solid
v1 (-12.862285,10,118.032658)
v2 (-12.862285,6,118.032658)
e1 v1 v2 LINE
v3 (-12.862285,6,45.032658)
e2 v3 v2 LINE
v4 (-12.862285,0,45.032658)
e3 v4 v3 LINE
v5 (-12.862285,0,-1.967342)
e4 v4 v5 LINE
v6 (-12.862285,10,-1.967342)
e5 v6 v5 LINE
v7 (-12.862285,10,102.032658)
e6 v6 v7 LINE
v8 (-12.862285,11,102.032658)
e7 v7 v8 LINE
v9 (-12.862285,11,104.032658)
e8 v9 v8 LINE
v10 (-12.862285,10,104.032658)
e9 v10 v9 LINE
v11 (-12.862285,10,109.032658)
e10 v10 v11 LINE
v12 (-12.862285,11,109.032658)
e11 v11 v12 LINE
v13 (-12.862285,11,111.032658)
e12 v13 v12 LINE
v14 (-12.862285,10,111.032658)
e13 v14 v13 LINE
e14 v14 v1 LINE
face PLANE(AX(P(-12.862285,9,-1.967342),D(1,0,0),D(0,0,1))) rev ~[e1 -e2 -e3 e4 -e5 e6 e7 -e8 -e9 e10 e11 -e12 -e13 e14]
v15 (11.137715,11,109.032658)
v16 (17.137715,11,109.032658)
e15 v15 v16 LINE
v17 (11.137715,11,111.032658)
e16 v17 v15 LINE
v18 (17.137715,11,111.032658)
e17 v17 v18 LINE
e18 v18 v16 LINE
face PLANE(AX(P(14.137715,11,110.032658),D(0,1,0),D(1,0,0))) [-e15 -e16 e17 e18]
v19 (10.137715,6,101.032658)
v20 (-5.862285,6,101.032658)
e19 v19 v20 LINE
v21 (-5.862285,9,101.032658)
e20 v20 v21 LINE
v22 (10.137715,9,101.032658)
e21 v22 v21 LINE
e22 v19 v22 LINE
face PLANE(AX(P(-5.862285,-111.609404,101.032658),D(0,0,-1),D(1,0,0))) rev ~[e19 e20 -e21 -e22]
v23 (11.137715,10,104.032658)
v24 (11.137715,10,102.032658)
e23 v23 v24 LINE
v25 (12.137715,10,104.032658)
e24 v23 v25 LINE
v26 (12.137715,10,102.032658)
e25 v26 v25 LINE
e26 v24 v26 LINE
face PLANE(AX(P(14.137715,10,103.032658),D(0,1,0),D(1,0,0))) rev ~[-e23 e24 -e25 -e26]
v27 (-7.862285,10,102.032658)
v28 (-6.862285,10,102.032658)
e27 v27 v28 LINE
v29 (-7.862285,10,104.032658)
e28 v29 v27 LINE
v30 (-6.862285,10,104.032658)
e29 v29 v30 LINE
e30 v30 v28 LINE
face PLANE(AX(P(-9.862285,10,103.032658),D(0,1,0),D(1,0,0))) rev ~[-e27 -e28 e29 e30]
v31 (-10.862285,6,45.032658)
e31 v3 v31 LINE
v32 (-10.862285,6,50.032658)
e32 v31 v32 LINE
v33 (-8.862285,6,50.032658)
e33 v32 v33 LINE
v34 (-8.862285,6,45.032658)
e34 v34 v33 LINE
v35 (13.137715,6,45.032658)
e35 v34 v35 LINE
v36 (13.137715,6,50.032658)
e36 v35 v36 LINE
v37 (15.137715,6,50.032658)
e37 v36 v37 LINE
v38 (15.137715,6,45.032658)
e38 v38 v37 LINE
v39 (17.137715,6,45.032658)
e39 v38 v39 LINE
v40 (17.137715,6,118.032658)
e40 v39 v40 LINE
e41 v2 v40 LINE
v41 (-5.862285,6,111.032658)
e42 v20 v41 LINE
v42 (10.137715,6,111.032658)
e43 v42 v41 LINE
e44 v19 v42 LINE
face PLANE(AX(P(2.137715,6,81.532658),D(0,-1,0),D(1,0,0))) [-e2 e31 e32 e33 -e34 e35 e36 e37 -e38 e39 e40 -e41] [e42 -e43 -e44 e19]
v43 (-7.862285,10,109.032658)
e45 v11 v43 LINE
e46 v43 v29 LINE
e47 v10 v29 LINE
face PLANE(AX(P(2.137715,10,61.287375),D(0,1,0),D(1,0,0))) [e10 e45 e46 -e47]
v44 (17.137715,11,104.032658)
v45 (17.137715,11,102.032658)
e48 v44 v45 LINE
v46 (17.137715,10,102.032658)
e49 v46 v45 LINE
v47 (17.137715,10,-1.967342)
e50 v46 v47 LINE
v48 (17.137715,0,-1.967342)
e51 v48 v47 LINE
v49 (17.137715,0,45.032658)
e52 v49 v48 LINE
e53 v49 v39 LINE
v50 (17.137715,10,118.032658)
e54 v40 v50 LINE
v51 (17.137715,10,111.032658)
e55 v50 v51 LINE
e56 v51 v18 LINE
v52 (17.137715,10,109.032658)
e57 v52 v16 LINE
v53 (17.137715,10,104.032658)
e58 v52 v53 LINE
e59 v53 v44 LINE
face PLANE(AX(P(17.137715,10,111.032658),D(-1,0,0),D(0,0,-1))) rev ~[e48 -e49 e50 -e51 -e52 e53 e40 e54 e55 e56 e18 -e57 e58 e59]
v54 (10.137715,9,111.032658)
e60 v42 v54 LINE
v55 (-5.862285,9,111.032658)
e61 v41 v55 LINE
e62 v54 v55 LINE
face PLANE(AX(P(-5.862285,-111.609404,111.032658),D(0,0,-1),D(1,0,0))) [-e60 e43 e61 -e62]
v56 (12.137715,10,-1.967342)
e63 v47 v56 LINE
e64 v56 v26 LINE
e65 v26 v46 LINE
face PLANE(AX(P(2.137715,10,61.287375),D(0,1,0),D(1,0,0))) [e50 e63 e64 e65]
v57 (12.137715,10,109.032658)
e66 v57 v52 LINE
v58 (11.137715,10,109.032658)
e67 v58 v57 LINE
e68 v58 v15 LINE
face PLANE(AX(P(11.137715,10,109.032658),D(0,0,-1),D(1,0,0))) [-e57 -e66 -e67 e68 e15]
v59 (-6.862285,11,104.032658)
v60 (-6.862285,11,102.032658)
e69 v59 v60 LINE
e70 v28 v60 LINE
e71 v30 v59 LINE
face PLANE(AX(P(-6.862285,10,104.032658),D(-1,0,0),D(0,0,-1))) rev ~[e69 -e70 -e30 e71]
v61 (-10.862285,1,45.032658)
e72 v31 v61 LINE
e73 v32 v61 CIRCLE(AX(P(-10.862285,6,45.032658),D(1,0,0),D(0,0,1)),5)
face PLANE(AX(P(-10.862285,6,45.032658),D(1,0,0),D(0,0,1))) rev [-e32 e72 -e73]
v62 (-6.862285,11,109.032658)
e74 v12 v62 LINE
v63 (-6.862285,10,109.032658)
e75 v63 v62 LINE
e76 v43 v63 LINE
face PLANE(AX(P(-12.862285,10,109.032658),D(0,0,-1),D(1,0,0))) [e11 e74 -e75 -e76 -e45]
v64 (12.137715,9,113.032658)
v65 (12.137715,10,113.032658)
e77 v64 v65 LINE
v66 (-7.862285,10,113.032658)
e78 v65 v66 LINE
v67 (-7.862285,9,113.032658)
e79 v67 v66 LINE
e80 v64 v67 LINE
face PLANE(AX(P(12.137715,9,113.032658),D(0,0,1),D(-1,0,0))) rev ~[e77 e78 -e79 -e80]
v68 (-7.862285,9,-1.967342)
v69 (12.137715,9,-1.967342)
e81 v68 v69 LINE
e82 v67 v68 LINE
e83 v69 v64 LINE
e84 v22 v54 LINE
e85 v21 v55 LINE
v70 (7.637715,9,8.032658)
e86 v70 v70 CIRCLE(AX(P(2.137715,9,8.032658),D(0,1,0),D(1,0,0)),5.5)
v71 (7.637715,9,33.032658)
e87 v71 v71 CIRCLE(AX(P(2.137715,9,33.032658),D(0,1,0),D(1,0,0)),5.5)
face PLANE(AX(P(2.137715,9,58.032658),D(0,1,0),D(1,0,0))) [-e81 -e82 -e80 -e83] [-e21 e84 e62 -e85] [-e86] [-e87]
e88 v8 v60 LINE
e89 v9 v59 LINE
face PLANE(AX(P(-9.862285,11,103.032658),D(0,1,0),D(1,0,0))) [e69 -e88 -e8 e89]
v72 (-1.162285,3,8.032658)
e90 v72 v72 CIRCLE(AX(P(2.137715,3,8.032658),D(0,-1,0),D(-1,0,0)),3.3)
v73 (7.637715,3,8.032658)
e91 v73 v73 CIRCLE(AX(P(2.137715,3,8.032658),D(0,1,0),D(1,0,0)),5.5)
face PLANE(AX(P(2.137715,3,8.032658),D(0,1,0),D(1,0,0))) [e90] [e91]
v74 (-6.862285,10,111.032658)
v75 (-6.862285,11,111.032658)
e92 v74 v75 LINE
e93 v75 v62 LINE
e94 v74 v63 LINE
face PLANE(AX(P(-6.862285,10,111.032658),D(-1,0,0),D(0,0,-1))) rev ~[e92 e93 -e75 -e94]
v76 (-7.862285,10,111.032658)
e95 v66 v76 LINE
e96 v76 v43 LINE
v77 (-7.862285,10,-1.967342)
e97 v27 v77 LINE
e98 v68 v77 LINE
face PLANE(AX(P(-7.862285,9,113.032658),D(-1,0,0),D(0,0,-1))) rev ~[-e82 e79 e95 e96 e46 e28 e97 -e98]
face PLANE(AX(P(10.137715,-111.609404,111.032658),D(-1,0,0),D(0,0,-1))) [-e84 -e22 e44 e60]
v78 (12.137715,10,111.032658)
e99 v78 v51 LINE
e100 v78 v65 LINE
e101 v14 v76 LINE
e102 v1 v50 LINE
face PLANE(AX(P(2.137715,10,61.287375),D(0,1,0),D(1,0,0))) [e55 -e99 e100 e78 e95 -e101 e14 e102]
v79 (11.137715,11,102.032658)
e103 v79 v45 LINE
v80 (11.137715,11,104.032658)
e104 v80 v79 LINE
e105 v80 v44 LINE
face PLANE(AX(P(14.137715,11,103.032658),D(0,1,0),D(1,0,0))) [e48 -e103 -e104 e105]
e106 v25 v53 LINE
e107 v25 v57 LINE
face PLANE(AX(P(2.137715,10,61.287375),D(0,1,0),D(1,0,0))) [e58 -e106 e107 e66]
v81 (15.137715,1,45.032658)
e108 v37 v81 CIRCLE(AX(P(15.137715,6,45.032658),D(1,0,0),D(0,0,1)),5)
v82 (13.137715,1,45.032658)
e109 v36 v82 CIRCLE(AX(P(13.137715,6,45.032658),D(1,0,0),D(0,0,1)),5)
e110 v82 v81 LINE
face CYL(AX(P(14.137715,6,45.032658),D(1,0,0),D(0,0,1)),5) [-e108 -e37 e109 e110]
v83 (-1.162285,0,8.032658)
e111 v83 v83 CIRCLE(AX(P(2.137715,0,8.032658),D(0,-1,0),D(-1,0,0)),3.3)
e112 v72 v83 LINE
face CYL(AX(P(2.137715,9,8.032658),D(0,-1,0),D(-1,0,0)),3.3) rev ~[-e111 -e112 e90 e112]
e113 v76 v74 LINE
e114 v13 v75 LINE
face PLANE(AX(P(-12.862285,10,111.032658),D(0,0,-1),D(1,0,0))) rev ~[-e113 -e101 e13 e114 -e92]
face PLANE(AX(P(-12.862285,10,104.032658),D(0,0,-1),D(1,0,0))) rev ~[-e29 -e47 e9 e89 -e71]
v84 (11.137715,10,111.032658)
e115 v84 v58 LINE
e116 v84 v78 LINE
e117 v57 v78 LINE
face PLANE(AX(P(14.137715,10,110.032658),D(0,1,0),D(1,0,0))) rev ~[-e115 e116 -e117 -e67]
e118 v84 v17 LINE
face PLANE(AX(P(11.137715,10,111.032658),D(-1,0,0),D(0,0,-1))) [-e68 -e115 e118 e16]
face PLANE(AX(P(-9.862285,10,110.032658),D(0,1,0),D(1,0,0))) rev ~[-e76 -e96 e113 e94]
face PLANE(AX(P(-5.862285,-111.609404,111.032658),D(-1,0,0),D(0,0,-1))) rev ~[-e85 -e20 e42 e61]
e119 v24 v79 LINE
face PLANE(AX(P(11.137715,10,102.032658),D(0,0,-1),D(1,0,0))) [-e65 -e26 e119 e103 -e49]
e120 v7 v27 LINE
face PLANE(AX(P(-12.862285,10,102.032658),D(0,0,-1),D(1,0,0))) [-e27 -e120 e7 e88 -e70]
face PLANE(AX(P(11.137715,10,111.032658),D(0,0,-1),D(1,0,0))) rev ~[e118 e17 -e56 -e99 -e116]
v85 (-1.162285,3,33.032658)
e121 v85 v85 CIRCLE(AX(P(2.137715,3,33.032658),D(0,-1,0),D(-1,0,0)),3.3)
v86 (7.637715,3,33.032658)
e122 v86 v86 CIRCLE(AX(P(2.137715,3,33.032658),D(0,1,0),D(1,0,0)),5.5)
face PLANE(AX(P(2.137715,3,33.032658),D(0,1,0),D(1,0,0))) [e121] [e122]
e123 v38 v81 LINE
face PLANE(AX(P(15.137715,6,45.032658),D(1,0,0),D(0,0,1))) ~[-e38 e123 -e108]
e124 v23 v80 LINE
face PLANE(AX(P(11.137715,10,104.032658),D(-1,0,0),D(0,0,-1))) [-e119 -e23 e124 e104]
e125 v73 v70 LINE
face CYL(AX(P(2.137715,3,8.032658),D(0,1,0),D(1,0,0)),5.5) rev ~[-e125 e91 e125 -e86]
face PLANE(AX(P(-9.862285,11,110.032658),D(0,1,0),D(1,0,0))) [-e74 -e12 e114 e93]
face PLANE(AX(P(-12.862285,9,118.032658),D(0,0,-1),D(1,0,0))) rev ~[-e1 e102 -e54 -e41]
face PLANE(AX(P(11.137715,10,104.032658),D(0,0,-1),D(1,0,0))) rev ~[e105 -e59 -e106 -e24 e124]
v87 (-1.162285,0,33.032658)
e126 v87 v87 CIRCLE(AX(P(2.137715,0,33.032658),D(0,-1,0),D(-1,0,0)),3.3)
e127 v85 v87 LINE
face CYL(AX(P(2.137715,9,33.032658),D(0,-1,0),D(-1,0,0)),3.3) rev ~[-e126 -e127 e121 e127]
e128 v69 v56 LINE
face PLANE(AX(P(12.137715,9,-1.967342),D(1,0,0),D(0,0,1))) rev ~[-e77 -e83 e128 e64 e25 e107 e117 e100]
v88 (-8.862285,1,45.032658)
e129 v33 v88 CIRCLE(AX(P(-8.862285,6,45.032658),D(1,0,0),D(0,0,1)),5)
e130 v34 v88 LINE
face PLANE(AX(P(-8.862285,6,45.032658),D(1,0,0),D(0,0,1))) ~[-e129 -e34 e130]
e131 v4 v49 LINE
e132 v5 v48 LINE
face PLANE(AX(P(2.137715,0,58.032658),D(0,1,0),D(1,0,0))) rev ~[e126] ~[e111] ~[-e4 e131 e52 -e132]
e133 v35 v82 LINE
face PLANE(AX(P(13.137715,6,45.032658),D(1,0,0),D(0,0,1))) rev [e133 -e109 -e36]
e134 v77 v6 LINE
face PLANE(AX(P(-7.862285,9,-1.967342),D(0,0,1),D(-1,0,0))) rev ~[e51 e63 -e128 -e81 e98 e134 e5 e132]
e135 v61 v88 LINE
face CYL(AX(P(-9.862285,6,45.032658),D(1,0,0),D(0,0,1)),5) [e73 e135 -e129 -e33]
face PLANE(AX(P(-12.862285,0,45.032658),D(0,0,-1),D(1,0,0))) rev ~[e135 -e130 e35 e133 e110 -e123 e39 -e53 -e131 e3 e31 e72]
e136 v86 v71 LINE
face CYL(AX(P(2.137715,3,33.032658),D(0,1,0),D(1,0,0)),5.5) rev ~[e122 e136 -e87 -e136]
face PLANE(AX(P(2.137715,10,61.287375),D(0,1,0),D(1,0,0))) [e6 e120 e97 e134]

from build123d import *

# Parameters (mm, degrees)
SKETCH1_W                                     = 30
SKETCH1_H                                     = 120
BOSS_EXTRUDE1_DEPTH                           = 9
BOSS_EXTRUDE2_DEPTH                           = 1
CBORE_FOR_M6_HEX_SOCKET_HEAD_CAP1_D           = 6.6
CBORE_FOR_M6_HEX_SOCKET_HEAD_CAP1_CBORE_D     = 11
CBORE_FOR_M6_HEX_SOCKET_HEAD_CAP1_CBORE_DEPTH = 6
SKETCH17_W                                    = 6
SKETCH17_H                                    = 2
BOSS_EXTRUDE3_DEPTH                           = 1
CUT_EXTRUDE11_DEPTH                           = 120.609404064
CUT_EXTRUDE11_DEPTH_BACK                      = 120.609404064
SKETCH18_W                                    = 16
SKETCH18_H                                    = 10
SKETCH19_W                                    = 30
SKETCH19_H                                    = 73
CUT_EXTRUDE12_DEPTH                           = 6
SKETCH20_W                                    = 2
SKETCH20_H                                    = 5
REVOLVE2_ANGLE                                = 90


with BuildPart() as part:
    # Sketch1 → Boss-Extrude1 (new body)
    with BuildSketch(Plane(origin=(0, 0, 0), x_dir=(1, 0, 0), z_dir=(0, 1, 0))):
        with Locations((2.137715261, -58.032657583)):
            Rectangle(SKETCH1_W, SKETCH1_H)
    extrude(amount=BOSS_EXTRUDE1_DEPTH)

    # Sketch2 → Boss-Extrude2 (add)
    with BuildSketch(Plane(origin=(0, 9, 0), x_dir=(1, 0, 0), z_dir=(0, 1, 0))):
        Polygon((-12.862284739, -118.032657583), (17.137715261, -118.032657583), (17.137715261, -68.032657583), (17.137715261, 1.967342417), (12.137715261, 1.967342417), (12.137715261, -113.032657583), (-7.862284739, -113.032657583), (-7.862284739, 1.967342417), (-12.862284739, 1.967342417), (-12.862284739, -73.032657583), align=None)
    extrude(amount=BOSS_EXTRUDE2_DEPTH)

    # CBORE for M6 Hex Socket Head Cap1 (through all)
    with Locations(Plane(origin=(0, 9, 0), x_dir=(1, 0, 0), z_dir=(0, 1, 0))):
        with Locations((2.137715261, -8.032657583), (2.137715261, -33.032657583)):
            CounterBoreHole(CBORE_FOR_M6_HEX_SOCKET_HEAD_CAP1_D / 2, CBORE_FOR_M6_HEX_SOCKET_HEAD_CAP1_CBORE_D / 2, CBORE_FOR_M6_HEX_SOCKET_HEAD_CAP1_CBORE_DEPTH)

    # Sketch17 → Boss-Extrude3 (add)
    with BuildSketch(Plane(origin=(0, 10, 0), x_dir=(1, 0, 0), z_dir=(0, 1, 0))):
        with Locations((14.137715261, -110.032657583)):
            Rectangle(SKETCH17_W, SKETCH17_H)
        with Locations((-9.862284739, -110.032657583)):
            Rectangle(SKETCH17_W, SKETCH17_H)
        with Locations((14.137715261, -103.032657583)):
            Rectangle(SKETCH17_W, SKETCH17_H)
        with Locations((-9.862284739, -103.032657583)):
            Rectangle(SKETCH17_W, SKETCH17_H)
    extrude(amount=BOSS_EXTRUDE3_DEPTH)

    # Sketch18 → Cut-Extrude11 (cut, two sides: drawn at the far end of the back side and taken through both)
    with BuildSketch(Plane(origin=(0, 9, 0), x_dir=(1, 0, 0), z_dir=(0, 1, 0)).offset(-CUT_EXTRUDE11_DEPTH_BACK)):
        with Locations((2.137715261, -106.032657583)):
            Rectangle(SKETCH18_W, SKETCH18_H)
    extrude(amount=CUT_EXTRUDE11_DEPTH + CUT_EXTRUDE11_DEPTH_BACK, mode=Mode.SUBTRACT)

    # Sketch19 → Cut-Extrude12 (cut)
    with BuildSketch(Plane.XZ):
        with Locations((2.137715261, 81.532657583)):
            Rectangle(SKETCH19_W, SKETCH19_H)
    extrude(amount=-CUT_EXTRUDE12_DEPTH, mode=Mode.SUBTRACT)

    # Sketch20 → Revolve2 (revolve)
    with BuildSketch(Plane.XZ.offset(-6)):
        with Locations((-9.862284739, 47.532657583)):
            Rectangle(SKETCH20_W, SKETCH20_H)
        with Locations((14.137715261, 47.532657583)):
            Rectangle(SKETCH20_W, SKETCH20_H)
    revolve(axis=Axis((17.137715261, 6, 45.032657583), (1, 0, 0)), revolution_arc=REVOLVE2_ANGLE)


solid = part.part
